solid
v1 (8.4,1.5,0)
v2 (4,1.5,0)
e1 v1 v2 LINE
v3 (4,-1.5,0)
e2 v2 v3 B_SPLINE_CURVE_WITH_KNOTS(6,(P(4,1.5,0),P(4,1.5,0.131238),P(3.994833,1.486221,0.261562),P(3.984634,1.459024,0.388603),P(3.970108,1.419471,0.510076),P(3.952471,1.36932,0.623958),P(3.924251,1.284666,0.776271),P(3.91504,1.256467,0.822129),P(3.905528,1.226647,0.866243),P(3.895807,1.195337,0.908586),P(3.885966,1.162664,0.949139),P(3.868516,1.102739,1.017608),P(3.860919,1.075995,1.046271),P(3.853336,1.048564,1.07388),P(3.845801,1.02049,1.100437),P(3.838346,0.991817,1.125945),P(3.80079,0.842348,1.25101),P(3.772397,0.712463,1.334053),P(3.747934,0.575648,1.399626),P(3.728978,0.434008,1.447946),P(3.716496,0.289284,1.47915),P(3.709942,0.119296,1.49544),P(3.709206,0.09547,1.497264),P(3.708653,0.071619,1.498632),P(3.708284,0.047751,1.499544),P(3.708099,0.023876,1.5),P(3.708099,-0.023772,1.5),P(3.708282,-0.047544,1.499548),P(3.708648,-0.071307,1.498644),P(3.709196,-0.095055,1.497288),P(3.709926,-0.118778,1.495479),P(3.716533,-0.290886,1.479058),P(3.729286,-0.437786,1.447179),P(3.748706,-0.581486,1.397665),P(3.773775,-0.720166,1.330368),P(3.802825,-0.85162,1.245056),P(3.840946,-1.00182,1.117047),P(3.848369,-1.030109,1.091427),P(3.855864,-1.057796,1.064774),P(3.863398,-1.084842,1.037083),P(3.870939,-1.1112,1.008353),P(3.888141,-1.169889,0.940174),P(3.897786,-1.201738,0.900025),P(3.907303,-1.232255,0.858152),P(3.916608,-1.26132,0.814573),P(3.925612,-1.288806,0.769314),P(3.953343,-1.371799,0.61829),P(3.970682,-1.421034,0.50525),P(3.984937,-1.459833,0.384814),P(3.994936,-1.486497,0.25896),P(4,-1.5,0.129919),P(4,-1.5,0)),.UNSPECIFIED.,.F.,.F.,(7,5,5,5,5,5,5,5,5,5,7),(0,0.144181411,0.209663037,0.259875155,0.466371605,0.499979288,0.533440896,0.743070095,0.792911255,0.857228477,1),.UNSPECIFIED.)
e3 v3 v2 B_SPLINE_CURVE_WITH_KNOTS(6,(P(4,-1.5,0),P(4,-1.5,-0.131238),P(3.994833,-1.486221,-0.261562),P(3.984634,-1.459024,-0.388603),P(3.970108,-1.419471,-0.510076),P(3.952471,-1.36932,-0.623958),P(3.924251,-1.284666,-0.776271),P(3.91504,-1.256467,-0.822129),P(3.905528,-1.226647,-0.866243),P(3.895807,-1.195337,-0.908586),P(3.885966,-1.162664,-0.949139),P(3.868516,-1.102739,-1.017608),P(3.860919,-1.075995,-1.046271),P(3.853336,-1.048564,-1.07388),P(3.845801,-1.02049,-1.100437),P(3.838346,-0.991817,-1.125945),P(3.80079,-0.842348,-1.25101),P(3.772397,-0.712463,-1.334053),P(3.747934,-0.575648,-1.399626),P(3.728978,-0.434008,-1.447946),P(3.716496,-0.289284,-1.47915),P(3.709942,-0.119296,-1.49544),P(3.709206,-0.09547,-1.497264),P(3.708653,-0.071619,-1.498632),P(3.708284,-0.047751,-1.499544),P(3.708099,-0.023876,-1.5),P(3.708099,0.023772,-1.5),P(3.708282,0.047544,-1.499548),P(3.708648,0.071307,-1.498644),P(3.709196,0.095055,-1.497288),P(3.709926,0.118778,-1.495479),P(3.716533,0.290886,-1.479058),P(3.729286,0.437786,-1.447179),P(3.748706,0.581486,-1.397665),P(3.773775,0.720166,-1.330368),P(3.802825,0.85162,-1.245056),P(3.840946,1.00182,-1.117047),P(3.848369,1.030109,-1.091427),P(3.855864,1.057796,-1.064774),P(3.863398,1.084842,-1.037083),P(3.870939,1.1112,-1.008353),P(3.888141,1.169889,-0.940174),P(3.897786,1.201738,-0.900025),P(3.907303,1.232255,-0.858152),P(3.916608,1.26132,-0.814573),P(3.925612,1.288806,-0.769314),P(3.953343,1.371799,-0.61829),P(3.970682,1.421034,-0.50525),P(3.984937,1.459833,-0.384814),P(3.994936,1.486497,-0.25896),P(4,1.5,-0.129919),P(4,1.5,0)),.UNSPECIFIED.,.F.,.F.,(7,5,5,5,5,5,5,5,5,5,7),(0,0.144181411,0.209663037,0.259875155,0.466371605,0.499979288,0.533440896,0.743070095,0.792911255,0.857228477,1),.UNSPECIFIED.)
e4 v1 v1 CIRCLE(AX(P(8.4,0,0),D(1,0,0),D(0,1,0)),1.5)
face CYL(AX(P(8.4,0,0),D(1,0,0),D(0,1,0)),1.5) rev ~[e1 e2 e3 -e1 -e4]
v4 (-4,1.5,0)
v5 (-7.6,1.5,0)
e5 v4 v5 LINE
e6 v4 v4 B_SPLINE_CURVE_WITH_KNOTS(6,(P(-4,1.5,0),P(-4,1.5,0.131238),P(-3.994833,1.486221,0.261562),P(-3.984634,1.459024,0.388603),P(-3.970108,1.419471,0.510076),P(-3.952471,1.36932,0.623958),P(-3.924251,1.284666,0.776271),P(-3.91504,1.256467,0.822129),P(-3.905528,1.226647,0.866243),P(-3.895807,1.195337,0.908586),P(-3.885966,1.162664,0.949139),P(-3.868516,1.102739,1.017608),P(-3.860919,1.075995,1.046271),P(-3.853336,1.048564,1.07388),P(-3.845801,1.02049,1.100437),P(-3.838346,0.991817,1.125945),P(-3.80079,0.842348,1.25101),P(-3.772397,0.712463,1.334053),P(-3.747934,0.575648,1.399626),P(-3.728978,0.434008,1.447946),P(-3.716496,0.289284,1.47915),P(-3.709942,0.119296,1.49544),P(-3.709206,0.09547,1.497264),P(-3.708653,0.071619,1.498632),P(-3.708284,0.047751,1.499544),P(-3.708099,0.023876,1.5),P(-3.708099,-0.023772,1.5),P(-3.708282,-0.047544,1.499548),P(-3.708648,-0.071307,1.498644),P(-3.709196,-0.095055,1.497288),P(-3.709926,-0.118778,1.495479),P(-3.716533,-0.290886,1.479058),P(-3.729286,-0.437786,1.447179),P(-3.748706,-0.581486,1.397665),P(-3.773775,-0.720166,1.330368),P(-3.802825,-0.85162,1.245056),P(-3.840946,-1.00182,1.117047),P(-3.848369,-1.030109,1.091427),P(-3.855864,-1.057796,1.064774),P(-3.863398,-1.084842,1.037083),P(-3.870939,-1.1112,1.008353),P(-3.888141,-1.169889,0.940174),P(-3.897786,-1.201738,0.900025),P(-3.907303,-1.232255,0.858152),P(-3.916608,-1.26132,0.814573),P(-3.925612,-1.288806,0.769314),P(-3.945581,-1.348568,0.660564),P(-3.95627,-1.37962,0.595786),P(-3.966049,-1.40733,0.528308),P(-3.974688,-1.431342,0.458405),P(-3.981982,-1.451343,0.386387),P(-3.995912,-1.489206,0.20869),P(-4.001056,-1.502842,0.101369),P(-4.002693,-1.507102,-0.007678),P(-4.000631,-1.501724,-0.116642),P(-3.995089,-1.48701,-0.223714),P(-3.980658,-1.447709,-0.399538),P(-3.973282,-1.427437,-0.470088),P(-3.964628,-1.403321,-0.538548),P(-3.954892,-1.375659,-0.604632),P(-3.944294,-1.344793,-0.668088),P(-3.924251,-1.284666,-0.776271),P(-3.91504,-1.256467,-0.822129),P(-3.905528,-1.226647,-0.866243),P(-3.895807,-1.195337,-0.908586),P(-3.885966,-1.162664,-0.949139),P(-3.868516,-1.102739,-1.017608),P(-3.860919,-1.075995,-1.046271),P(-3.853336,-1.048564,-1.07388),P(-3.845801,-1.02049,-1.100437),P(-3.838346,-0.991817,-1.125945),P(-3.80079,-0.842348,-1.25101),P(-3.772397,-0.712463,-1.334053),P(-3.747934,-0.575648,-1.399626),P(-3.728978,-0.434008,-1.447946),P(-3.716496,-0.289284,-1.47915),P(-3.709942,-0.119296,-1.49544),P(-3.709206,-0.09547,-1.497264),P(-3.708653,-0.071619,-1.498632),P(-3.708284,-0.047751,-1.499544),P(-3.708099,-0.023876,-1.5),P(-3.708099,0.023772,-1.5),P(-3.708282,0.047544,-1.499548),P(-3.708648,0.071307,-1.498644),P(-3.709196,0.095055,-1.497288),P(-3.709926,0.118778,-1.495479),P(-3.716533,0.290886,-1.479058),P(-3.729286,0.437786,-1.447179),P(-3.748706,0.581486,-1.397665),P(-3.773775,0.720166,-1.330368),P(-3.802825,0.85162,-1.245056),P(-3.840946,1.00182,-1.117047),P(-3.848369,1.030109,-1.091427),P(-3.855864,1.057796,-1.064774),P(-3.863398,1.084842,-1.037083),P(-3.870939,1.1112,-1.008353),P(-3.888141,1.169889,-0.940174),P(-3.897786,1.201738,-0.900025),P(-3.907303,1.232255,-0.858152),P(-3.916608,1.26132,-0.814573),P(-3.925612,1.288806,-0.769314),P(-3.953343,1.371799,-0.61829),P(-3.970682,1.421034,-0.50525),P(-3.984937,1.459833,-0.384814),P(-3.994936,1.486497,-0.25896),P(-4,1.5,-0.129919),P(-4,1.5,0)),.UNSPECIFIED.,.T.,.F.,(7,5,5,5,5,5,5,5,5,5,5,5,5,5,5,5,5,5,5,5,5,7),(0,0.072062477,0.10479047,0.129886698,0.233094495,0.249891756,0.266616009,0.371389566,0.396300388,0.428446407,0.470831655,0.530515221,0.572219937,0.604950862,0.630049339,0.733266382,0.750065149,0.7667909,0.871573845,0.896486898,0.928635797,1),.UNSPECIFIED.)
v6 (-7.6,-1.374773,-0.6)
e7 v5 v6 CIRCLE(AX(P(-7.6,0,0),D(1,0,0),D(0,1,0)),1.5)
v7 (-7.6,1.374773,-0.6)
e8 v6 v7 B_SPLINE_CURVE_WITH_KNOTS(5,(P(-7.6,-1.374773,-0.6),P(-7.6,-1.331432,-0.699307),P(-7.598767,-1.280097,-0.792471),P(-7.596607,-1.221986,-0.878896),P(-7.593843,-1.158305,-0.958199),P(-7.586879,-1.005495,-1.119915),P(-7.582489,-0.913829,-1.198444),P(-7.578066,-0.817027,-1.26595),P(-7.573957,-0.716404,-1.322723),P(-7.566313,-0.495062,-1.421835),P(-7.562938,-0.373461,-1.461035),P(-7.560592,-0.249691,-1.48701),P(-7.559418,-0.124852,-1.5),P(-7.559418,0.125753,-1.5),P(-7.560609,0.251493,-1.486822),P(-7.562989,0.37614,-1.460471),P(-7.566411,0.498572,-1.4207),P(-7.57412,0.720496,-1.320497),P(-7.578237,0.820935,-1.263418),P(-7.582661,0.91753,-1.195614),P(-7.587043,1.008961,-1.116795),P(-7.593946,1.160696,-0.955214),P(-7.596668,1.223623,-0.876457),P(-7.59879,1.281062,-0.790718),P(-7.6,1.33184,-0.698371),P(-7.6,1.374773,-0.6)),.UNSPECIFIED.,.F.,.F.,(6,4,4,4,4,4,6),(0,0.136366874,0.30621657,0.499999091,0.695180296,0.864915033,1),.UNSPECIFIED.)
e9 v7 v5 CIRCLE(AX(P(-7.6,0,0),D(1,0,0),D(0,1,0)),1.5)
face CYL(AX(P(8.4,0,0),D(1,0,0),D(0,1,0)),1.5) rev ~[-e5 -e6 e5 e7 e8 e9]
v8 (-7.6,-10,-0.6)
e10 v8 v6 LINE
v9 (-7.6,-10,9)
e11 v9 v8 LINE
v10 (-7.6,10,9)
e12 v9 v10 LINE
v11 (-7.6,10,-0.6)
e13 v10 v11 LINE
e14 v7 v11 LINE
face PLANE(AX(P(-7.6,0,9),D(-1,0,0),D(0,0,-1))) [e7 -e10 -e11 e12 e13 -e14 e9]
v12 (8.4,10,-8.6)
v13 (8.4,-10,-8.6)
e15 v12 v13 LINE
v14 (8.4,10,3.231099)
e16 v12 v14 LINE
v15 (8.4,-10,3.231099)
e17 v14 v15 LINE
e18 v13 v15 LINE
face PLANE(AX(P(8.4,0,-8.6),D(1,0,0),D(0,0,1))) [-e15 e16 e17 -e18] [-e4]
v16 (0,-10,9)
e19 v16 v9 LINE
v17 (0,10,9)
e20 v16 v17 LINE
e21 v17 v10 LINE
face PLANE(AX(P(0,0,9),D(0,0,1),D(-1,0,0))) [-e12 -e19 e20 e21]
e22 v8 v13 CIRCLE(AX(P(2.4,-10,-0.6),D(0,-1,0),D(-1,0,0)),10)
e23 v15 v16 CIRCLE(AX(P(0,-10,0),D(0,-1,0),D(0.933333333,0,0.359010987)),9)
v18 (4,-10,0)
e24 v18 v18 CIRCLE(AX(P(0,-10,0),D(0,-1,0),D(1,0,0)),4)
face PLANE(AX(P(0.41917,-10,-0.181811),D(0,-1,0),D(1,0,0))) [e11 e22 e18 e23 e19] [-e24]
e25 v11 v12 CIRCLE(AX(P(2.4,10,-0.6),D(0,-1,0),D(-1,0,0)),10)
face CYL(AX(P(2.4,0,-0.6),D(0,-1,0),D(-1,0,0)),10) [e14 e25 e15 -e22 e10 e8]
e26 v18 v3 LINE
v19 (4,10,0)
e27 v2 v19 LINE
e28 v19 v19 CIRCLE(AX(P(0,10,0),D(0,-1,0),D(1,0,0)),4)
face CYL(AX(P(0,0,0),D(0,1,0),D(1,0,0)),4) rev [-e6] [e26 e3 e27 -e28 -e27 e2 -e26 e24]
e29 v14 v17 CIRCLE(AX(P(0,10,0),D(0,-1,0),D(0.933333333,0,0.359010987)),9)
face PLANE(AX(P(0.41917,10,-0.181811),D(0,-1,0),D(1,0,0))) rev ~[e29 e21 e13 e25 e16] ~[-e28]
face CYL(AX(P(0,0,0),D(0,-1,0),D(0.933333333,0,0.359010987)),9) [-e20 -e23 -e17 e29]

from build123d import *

# Parameters (mm, degrees)
F0_R     = 4
F1_DEPTH = 10
F2_R     = 1.5
F3_DEPTH = 16.001


with BuildPart() as f1:
    # F0 (on Front) → F1 (new body, symmetric)
    with BuildSketch(Plane.XZ):
        with BuildLine():
            ThreePointArc((-7.6, -0.6), (-2.072135955, -9.54427191), (8.4, -8.6))
            Line((8.4, -8.6), (8.4, 3.2310988843))
            ThreePointArc((8.4, 3.2310988843), (5.0951010805, 7.4188910882), (0, 9))
            Line((0, 9), (-7.6, 9))
            Line((-7.6, 9), (-7.6, -0.6))
        make_face()
        Circle(F0_R, mode=Mode.SUBTRACT)
    extrude(amount=F1_DEPTH, both=True)

    # F2 (on face) → F3 (cut, through all)
    with BuildSketch(Plane.YZ.offset(8.4)):
        Circle(F2_R)
    extrude(amount=-F3_DEPTH, mode=Mode.SUBTRACT)


solid = f1.part
